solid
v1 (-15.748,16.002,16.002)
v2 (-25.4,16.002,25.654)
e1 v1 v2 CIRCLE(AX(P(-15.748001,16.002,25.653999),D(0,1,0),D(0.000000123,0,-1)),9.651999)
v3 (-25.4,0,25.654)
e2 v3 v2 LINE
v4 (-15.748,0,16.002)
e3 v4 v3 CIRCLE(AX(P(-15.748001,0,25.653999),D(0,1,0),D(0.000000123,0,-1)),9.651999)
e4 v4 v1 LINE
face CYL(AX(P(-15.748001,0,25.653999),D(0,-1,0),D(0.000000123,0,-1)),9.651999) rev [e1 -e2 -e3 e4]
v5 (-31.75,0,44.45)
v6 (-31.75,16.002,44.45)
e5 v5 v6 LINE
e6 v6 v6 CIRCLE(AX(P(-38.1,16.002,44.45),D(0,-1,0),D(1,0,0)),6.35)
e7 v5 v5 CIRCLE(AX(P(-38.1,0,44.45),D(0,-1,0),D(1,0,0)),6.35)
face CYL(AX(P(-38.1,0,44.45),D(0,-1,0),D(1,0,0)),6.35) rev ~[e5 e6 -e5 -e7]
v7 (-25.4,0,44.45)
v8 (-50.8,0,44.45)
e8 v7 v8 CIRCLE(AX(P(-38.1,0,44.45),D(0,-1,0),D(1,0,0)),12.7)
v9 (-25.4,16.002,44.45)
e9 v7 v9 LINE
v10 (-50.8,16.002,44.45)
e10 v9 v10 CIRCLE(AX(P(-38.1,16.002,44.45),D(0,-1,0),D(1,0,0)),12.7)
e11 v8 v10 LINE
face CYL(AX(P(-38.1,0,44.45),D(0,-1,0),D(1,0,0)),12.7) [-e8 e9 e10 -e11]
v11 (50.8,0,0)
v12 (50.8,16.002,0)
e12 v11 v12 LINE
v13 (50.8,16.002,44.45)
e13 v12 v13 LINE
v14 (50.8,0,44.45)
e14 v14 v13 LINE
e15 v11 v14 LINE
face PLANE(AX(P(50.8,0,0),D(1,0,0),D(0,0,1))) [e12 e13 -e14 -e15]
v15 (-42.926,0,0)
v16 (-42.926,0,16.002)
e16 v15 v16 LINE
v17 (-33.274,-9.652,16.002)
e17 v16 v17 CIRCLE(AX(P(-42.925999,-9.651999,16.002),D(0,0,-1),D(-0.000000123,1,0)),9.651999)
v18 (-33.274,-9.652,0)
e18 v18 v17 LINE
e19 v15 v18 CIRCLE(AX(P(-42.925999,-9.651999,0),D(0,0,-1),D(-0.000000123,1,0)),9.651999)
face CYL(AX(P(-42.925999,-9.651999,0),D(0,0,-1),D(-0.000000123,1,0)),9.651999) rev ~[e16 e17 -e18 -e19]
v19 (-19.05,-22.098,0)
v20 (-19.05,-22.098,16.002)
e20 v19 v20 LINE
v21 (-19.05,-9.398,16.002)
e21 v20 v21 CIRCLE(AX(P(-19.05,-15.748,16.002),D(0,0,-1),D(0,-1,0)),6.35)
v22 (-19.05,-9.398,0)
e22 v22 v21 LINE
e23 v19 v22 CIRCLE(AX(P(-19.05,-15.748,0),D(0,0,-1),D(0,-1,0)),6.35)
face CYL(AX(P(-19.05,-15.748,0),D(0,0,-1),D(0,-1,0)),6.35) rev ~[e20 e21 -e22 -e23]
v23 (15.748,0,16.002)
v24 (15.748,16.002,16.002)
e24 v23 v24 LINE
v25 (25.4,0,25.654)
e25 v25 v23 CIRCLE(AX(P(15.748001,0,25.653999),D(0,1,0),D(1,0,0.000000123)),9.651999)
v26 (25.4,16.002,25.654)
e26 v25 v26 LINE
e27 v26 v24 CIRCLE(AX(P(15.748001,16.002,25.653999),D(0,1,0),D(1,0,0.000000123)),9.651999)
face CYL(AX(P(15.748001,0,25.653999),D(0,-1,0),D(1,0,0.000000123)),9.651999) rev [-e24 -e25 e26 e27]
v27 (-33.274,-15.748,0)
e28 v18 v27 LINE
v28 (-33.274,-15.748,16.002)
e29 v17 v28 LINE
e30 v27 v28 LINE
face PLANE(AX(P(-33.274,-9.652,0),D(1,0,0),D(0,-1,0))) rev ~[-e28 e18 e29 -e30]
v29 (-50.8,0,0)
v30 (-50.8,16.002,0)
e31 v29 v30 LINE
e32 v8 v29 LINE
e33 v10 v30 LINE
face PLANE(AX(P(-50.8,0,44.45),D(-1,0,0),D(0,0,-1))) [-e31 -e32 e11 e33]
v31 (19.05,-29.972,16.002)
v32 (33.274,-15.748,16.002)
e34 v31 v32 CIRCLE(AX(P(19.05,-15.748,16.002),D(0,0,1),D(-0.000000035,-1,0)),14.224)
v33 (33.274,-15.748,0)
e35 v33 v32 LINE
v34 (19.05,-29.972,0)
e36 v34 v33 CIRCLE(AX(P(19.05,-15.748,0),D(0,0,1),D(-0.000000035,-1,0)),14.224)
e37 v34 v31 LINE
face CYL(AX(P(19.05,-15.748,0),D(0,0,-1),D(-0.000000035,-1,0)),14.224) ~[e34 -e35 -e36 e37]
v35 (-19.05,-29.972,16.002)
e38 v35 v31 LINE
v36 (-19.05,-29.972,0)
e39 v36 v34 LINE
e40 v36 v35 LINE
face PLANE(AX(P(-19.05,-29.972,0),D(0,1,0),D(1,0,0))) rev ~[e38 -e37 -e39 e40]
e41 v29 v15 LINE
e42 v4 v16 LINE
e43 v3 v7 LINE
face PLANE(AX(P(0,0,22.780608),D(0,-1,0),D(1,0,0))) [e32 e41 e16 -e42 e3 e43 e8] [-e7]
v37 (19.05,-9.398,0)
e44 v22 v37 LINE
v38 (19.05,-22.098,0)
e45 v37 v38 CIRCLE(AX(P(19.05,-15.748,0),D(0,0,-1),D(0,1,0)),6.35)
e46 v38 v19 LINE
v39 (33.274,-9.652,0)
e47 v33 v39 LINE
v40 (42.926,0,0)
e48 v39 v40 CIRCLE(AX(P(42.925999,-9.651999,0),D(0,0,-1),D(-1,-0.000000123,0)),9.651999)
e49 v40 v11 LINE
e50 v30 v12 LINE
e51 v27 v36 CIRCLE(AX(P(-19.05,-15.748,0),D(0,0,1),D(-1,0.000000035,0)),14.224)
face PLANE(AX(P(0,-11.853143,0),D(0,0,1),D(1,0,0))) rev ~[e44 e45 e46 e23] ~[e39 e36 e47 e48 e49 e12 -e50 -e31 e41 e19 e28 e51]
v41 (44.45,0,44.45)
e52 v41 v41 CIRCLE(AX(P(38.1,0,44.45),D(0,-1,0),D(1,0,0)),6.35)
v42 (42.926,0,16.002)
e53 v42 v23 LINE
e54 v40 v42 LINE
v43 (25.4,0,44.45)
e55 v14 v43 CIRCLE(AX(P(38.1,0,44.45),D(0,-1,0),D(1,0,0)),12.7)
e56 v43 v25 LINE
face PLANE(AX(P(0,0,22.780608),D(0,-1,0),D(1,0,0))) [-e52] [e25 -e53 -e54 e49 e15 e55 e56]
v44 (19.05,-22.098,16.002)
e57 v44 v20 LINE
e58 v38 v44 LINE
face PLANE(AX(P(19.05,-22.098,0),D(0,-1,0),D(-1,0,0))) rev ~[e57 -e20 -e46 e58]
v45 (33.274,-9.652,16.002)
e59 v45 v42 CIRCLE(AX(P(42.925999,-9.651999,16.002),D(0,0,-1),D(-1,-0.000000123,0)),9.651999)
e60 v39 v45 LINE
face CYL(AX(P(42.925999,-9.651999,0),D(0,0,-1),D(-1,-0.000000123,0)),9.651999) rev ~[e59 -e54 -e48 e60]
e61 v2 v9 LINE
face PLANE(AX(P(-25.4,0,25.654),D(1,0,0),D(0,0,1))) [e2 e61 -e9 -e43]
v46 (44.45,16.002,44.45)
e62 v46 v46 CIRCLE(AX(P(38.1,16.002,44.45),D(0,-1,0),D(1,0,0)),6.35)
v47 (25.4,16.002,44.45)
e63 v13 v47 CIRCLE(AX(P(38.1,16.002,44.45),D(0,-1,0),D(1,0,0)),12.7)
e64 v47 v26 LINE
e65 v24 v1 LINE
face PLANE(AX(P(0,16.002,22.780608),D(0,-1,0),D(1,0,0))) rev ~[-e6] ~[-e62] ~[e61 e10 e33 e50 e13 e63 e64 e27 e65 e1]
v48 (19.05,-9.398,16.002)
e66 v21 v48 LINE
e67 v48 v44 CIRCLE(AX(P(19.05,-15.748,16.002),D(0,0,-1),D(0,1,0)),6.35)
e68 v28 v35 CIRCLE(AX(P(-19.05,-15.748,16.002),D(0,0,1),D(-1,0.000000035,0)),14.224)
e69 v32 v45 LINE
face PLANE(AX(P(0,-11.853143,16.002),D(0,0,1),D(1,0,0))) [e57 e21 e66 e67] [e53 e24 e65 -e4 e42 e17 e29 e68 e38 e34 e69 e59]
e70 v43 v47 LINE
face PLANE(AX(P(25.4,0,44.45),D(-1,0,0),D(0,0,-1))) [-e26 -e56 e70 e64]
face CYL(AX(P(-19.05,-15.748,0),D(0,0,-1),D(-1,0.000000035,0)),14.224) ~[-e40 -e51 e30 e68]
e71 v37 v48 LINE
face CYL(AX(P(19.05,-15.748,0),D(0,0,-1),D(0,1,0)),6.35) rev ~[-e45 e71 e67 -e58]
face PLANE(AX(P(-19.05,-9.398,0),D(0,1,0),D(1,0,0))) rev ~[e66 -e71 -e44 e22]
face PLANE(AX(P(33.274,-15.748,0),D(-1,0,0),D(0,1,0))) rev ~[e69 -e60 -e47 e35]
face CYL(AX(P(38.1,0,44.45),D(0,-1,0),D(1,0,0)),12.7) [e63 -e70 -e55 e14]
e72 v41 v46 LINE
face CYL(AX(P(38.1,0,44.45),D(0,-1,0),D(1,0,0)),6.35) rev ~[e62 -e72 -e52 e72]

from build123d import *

# Parameters (mm, degrees)
F0_R     = 6.35
F1_DEPTH = 16.002
F3_DEPTH = 16.002


with BuildPart() as f1:
    # F0 (on Front) → F1 (new body)
    with BuildSketch(Plane.XZ):
        with BuildLine():
            ThreePointArc((-25.4, 44.45), (-38.1, 57.15), (-50.8, 44.45))
            Line((-50.8, 44.45), (-50.8, 0))
            Line((-50.8, 0), (50.8, 0))
            Line((50.8, 0), (50.8, 44.45))
            ThreePointArc((50.8, 44.45), (38.1, 57.15), (25.4, 44.45))
            Line((25.4, 44.45), (25.4, 25.654))
            ThreePointArc((25.4, 25.654), (22.572995, 18.829005), (15.748, 16.002))
            Line((15.748, 16.002), (-15.748, 16.002))
            ThreePointArc((-15.748, 16.002), (-22.572995, 18.829005), (-25.4, 25.654))
            Line((-25.4, 25.654), (-25.4, 44.45))
        make_face()
        with Locations((-38.1, 44.45)):
            Circle(F0_R, mode=Mode.SUBTRACT)
        with Locations((38.1, 44.45)):
            Circle(F0_R, mode=Mode.SUBTRACT)
    extrude(amount=-F1_DEPTH)

    # F2 (on Top) → F3 (join)
    with BuildSketch(Plane.XY):
        with BuildLine():
            Line((33.274, 0), (-33.274, 0))
            Line((-33.274, 0), (-42.926, 0))
            ThreePointArc((-42.926, 0), (-36.101005, -2.827005), (-33.274, -9.652))
            Line((-33.274, -9.652), (-33.274, -15.748))
            ThreePointArc((-33.274, -15.748), (-29.107887, -25.805887), (-19.05, -29.972))
            Line((-19.05, -29.972), (19.05, -29.972))
            ThreePointArc((19.05, -29.972), (29.107887, -25.805887), (33.274, -15.748))
            Line((33.274, -15.748), (33.274, -9.652))
            ThreePointArc((33.274, -9.652), (36.101005, -2.827005), (42.926, 0))
            Line((42.926, 0), (33.274, 0))
        make_face()
        with BuildLine():
            ThreePointArc((-19.05, -22.098), (-25.4, -15.748), (-19.05, -9.398))
            Line((-19.05, -9.398), (19.05, -9.398))
            ThreePointArc((19.05, -9.398), (25.4, -15.748), (19.05, -22.098))
            Line((19.05, -22.098), (-19.05, -22.098))
        make_face(mode=Mode.SUBTRACT)
    extrude(amount=F3_DEPTH)


solid = f1.part
